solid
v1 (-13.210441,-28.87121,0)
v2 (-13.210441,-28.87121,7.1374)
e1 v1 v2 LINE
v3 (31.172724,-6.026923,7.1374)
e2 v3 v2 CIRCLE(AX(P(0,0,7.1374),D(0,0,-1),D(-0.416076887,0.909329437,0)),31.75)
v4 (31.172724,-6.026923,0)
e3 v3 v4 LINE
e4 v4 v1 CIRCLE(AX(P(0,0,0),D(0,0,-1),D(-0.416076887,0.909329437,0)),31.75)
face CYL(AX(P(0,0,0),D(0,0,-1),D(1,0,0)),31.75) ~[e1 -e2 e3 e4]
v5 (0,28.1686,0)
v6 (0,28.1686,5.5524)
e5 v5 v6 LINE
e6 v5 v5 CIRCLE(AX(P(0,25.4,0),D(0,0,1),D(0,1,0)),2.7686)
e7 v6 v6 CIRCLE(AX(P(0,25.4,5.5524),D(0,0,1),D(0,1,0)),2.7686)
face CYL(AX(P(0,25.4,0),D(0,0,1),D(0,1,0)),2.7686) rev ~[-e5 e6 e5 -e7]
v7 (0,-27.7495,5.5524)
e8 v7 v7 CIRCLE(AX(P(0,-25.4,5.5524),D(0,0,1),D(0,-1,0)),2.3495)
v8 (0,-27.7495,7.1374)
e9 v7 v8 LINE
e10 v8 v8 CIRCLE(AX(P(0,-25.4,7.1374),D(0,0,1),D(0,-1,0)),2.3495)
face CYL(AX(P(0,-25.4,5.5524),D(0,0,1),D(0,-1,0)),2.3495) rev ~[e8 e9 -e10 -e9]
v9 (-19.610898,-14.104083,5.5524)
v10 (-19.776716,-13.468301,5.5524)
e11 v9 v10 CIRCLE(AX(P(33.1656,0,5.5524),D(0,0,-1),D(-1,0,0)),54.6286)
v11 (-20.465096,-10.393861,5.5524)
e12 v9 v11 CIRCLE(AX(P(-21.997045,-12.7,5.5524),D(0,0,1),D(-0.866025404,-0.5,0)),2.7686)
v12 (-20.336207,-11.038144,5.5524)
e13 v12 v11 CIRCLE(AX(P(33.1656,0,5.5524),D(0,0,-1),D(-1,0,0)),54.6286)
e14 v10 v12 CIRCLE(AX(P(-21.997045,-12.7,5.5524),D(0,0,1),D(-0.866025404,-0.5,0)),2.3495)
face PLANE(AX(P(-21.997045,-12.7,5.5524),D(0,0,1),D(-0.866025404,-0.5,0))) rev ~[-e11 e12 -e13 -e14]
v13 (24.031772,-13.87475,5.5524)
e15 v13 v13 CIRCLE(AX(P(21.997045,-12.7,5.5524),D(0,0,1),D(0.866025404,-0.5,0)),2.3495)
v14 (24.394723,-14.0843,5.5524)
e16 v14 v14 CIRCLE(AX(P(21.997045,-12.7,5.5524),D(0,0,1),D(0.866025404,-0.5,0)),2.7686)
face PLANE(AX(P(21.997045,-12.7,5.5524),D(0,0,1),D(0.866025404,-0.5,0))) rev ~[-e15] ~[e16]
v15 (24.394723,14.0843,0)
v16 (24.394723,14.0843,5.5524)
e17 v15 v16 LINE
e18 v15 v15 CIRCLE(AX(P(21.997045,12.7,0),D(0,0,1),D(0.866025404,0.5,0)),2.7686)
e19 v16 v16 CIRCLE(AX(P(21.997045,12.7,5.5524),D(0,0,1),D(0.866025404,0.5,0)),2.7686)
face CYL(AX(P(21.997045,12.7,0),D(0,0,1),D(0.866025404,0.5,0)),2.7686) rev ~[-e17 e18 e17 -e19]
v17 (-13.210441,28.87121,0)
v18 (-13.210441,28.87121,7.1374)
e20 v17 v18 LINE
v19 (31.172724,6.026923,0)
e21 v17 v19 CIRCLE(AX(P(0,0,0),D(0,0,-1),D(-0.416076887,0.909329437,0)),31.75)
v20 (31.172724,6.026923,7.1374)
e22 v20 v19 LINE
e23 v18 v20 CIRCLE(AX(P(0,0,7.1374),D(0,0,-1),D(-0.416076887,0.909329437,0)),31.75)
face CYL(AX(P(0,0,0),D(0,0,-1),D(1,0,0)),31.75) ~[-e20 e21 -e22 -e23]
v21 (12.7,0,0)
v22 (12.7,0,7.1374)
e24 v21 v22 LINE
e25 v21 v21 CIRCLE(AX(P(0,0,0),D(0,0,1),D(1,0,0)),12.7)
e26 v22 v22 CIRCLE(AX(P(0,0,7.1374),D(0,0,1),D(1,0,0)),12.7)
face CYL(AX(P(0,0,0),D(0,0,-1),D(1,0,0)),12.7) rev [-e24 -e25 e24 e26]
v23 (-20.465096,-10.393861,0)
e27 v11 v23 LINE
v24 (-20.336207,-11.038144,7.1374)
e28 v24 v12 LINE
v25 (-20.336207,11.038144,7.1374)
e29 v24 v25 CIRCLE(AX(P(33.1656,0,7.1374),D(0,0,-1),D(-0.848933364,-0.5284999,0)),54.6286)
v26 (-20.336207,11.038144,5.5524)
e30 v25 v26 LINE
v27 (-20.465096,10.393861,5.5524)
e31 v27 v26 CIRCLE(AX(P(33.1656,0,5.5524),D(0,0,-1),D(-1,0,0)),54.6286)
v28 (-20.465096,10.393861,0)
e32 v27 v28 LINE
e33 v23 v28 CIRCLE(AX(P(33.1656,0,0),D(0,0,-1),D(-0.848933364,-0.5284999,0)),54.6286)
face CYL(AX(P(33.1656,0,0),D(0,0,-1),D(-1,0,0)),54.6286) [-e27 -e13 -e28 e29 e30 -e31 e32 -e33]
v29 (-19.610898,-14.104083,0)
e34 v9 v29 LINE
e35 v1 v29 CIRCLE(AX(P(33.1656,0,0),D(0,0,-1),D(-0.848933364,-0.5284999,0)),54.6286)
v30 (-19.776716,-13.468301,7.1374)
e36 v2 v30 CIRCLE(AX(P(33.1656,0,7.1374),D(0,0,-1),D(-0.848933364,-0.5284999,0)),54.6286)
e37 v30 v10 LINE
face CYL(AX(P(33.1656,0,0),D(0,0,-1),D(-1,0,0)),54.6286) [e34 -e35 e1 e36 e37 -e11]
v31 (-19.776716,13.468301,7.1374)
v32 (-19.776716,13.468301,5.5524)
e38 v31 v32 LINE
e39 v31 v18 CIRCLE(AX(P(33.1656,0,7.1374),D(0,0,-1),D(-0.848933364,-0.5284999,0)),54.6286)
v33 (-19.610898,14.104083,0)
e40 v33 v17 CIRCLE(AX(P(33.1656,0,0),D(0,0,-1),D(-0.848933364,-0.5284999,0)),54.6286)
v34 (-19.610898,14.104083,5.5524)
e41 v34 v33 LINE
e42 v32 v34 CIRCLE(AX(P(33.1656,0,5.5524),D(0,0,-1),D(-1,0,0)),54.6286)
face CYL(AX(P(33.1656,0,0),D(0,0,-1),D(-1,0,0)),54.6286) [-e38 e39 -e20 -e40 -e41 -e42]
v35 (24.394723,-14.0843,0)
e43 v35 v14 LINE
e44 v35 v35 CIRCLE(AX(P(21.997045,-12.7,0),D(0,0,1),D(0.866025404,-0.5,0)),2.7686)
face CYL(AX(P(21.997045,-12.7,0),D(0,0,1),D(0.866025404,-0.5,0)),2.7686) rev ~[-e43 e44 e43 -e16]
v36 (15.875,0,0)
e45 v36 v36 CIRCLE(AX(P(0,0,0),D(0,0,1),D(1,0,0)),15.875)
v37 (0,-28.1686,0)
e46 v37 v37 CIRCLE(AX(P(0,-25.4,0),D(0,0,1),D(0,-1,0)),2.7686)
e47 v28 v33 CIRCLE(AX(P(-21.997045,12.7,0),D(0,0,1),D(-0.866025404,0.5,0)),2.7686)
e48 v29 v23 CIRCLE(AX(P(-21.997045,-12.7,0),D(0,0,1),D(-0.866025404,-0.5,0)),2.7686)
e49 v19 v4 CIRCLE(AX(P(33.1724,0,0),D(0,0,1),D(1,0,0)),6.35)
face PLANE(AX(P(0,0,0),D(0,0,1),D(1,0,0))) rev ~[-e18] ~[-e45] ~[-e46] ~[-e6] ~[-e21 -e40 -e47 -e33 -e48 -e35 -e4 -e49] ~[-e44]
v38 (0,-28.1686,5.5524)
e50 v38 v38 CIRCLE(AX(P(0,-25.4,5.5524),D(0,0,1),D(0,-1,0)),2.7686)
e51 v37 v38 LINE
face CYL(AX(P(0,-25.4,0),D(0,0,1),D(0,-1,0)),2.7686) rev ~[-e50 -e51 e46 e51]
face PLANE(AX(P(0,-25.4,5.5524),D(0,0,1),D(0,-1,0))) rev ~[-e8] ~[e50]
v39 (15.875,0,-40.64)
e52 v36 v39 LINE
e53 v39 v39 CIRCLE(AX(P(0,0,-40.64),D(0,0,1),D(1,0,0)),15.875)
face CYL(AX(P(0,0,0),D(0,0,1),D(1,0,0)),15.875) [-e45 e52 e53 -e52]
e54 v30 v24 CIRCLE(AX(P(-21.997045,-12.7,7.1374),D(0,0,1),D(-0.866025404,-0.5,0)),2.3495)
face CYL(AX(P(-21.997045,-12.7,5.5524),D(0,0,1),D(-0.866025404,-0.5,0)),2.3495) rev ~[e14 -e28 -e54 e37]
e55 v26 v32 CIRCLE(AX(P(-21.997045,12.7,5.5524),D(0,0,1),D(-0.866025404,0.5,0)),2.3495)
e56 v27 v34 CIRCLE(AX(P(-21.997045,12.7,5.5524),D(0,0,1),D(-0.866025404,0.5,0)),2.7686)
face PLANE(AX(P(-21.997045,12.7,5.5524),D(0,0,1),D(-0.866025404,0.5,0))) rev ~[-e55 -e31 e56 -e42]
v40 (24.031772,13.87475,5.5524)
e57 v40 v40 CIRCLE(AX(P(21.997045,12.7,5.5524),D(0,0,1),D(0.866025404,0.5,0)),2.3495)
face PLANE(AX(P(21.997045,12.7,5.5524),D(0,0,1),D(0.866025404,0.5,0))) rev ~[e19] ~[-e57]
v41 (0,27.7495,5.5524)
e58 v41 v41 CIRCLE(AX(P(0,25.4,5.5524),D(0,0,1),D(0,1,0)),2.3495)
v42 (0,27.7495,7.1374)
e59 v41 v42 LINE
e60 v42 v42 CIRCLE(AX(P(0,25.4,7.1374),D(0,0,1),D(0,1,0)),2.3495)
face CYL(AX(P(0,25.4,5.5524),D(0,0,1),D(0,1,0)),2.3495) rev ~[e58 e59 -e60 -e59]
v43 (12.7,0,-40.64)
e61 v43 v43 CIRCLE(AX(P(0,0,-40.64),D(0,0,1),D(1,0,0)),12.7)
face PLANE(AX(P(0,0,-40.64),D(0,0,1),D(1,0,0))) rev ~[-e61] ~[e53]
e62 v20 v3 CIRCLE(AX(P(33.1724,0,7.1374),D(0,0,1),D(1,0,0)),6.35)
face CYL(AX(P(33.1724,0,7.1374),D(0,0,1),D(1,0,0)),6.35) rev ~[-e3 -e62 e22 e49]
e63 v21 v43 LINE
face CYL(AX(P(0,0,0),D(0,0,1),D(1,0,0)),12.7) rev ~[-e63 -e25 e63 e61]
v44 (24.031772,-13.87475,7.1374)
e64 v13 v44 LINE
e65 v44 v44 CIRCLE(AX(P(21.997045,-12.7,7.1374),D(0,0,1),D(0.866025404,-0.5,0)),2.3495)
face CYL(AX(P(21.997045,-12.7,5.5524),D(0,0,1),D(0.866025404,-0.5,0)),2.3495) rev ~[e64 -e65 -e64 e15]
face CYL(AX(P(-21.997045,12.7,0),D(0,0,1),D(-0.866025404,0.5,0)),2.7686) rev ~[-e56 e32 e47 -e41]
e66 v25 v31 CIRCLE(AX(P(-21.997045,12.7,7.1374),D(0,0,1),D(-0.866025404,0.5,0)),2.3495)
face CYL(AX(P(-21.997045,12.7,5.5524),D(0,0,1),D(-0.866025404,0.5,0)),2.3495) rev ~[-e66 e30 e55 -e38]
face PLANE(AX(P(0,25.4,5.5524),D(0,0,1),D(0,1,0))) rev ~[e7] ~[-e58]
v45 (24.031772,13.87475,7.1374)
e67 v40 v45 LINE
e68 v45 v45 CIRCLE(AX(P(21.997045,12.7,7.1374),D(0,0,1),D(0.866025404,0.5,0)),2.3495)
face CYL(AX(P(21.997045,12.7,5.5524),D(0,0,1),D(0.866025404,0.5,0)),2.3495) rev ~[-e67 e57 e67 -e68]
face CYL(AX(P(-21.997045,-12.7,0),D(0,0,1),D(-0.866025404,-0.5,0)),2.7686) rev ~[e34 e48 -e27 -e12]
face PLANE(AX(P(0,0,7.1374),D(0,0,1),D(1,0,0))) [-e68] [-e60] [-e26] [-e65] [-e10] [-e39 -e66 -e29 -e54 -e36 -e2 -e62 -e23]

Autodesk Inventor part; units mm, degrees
ref_plane "YZ Plane" through (0, 0, 0) normal (1, 0, 0) x (0, 1, 0)
ref_plane "XZ Plane" through (0, 0, 0) normal (0, 1, 0) x (-1, 0, 0)
ref_plane "XY Plane" through (0, 0, 0) normal (0, 0, 1) x (1, 0, 0)
sketch "Sketch1" plane through (0, 0, 0) normal (0, 0, 1) x (1, 0, 0)
  circle A0 centre (0, 0) radius 15.875
  circle A1 centre (0, 0) radius 12.7
  dimension "d0" = 31.75
  dimension "d1" = 25.4
extrude "Eyepiece Extrusion" add sketch "Sketch1" against normal blind 40.64
sketch "Sketch2" plane through (0, 0, 0) normal (0, 0, 1) x (1, 0, 0)
  circle A0 centre (0, 0) radius 12.7
  circle A1 centre (0, 0) radius 31.75
  dimension "d6" = 25.4
  dimension "d7" = 63.5
extrude "Bolt Extrusion" add sketch "Sketch2" along normal blind 7.1374
sketch "Sketch3" plane through (0, 0, 0) normal (0, 0, -1) x (-1, 0, 0)
  circle A0 centre (0, 0) radius 31.75 projected
  circle A1 centre (-33.1656, 0) radius 54.6286 projected
  circle A2 centre (0, 0) radius 12.7 projected
  circle A3 centre (0, 0) radius 15.875 projected
  arc A4 (18.442, -17.4658) -> (18.442, 17.4658) centre (-33.1656, 0) ccw
  circle A5 centre (0, 0) radius 25.4 construction
  point P0 (13.2104, 28.8712)
  point P1 (13.2104, -28.8712)
  dimension "d8" = 108.966
extrude "Cutout For Filter Wheel" cut sketch "Sketch3" against normal through all contours A0 A1 picked at (24.3045, -5.7561)
sketch "Sketch8" plane through (0, 0, 7.1374) normal (0, 0, 1) x (1, 0, 0)
  circle A0 centre (33.1724, 0) radius 6.35
  point P0 (0, 0)
  dimension "d50" = 12.7
  dimension "d51" = 33.1724
extrude "Extrusion4" cut sketch "Sketch8" against normal through all
sketch "Sketch9" plane through (0, 0, 0) normal (0, 0, -1) x (-1, 0, 0)
  point P0 (0, 0)
  point P1 (0, 25.4)
  dimension "d59" = 25.4
hole "Hole4" at (0, 25.4, 0) direction (0, 0, 1) diameter 4.699 depth 7.1374 counterbore diameter 5.5372 counterbore depth 5.5524
pattern_circular "Circular Pattern2" count 6 over 360 about axis through (0, 0, -10) along (0, 0, 1) of "Hole4"
equation "\"d0\" = outsideDiameter"
equation "\"d1\" = insideDiameter"
equation "\"d2\" = extrusionNoseDepth"
equation "\"d6\" = insideDiameter"
equation "\"d7\" = maxOutsideDiameter"
equation "\"d4\" = support"
equation "\"d59\" = radiusForHoles"
equation "\"outsideDiameter\" = 31.75"
equation "\"insideDiameter\" = 25.4"
equation "\"support\" = 7.1374"
equation "\"totalHeight\" = 44.45"
equation "\"maxOutsideDiameter\" = 63.5"
equation "\"eyepieceNoseDepth\" = 38.1"
equation "\"baseDepth\" = 2.54"
equation "\"extrusionNoseDepth\" = eyepieceNoseDepth + baseDepth"
equation "\"radiusForHoles\" = 25.4"
properties part number "insertToScope" material "PET Plastic"
